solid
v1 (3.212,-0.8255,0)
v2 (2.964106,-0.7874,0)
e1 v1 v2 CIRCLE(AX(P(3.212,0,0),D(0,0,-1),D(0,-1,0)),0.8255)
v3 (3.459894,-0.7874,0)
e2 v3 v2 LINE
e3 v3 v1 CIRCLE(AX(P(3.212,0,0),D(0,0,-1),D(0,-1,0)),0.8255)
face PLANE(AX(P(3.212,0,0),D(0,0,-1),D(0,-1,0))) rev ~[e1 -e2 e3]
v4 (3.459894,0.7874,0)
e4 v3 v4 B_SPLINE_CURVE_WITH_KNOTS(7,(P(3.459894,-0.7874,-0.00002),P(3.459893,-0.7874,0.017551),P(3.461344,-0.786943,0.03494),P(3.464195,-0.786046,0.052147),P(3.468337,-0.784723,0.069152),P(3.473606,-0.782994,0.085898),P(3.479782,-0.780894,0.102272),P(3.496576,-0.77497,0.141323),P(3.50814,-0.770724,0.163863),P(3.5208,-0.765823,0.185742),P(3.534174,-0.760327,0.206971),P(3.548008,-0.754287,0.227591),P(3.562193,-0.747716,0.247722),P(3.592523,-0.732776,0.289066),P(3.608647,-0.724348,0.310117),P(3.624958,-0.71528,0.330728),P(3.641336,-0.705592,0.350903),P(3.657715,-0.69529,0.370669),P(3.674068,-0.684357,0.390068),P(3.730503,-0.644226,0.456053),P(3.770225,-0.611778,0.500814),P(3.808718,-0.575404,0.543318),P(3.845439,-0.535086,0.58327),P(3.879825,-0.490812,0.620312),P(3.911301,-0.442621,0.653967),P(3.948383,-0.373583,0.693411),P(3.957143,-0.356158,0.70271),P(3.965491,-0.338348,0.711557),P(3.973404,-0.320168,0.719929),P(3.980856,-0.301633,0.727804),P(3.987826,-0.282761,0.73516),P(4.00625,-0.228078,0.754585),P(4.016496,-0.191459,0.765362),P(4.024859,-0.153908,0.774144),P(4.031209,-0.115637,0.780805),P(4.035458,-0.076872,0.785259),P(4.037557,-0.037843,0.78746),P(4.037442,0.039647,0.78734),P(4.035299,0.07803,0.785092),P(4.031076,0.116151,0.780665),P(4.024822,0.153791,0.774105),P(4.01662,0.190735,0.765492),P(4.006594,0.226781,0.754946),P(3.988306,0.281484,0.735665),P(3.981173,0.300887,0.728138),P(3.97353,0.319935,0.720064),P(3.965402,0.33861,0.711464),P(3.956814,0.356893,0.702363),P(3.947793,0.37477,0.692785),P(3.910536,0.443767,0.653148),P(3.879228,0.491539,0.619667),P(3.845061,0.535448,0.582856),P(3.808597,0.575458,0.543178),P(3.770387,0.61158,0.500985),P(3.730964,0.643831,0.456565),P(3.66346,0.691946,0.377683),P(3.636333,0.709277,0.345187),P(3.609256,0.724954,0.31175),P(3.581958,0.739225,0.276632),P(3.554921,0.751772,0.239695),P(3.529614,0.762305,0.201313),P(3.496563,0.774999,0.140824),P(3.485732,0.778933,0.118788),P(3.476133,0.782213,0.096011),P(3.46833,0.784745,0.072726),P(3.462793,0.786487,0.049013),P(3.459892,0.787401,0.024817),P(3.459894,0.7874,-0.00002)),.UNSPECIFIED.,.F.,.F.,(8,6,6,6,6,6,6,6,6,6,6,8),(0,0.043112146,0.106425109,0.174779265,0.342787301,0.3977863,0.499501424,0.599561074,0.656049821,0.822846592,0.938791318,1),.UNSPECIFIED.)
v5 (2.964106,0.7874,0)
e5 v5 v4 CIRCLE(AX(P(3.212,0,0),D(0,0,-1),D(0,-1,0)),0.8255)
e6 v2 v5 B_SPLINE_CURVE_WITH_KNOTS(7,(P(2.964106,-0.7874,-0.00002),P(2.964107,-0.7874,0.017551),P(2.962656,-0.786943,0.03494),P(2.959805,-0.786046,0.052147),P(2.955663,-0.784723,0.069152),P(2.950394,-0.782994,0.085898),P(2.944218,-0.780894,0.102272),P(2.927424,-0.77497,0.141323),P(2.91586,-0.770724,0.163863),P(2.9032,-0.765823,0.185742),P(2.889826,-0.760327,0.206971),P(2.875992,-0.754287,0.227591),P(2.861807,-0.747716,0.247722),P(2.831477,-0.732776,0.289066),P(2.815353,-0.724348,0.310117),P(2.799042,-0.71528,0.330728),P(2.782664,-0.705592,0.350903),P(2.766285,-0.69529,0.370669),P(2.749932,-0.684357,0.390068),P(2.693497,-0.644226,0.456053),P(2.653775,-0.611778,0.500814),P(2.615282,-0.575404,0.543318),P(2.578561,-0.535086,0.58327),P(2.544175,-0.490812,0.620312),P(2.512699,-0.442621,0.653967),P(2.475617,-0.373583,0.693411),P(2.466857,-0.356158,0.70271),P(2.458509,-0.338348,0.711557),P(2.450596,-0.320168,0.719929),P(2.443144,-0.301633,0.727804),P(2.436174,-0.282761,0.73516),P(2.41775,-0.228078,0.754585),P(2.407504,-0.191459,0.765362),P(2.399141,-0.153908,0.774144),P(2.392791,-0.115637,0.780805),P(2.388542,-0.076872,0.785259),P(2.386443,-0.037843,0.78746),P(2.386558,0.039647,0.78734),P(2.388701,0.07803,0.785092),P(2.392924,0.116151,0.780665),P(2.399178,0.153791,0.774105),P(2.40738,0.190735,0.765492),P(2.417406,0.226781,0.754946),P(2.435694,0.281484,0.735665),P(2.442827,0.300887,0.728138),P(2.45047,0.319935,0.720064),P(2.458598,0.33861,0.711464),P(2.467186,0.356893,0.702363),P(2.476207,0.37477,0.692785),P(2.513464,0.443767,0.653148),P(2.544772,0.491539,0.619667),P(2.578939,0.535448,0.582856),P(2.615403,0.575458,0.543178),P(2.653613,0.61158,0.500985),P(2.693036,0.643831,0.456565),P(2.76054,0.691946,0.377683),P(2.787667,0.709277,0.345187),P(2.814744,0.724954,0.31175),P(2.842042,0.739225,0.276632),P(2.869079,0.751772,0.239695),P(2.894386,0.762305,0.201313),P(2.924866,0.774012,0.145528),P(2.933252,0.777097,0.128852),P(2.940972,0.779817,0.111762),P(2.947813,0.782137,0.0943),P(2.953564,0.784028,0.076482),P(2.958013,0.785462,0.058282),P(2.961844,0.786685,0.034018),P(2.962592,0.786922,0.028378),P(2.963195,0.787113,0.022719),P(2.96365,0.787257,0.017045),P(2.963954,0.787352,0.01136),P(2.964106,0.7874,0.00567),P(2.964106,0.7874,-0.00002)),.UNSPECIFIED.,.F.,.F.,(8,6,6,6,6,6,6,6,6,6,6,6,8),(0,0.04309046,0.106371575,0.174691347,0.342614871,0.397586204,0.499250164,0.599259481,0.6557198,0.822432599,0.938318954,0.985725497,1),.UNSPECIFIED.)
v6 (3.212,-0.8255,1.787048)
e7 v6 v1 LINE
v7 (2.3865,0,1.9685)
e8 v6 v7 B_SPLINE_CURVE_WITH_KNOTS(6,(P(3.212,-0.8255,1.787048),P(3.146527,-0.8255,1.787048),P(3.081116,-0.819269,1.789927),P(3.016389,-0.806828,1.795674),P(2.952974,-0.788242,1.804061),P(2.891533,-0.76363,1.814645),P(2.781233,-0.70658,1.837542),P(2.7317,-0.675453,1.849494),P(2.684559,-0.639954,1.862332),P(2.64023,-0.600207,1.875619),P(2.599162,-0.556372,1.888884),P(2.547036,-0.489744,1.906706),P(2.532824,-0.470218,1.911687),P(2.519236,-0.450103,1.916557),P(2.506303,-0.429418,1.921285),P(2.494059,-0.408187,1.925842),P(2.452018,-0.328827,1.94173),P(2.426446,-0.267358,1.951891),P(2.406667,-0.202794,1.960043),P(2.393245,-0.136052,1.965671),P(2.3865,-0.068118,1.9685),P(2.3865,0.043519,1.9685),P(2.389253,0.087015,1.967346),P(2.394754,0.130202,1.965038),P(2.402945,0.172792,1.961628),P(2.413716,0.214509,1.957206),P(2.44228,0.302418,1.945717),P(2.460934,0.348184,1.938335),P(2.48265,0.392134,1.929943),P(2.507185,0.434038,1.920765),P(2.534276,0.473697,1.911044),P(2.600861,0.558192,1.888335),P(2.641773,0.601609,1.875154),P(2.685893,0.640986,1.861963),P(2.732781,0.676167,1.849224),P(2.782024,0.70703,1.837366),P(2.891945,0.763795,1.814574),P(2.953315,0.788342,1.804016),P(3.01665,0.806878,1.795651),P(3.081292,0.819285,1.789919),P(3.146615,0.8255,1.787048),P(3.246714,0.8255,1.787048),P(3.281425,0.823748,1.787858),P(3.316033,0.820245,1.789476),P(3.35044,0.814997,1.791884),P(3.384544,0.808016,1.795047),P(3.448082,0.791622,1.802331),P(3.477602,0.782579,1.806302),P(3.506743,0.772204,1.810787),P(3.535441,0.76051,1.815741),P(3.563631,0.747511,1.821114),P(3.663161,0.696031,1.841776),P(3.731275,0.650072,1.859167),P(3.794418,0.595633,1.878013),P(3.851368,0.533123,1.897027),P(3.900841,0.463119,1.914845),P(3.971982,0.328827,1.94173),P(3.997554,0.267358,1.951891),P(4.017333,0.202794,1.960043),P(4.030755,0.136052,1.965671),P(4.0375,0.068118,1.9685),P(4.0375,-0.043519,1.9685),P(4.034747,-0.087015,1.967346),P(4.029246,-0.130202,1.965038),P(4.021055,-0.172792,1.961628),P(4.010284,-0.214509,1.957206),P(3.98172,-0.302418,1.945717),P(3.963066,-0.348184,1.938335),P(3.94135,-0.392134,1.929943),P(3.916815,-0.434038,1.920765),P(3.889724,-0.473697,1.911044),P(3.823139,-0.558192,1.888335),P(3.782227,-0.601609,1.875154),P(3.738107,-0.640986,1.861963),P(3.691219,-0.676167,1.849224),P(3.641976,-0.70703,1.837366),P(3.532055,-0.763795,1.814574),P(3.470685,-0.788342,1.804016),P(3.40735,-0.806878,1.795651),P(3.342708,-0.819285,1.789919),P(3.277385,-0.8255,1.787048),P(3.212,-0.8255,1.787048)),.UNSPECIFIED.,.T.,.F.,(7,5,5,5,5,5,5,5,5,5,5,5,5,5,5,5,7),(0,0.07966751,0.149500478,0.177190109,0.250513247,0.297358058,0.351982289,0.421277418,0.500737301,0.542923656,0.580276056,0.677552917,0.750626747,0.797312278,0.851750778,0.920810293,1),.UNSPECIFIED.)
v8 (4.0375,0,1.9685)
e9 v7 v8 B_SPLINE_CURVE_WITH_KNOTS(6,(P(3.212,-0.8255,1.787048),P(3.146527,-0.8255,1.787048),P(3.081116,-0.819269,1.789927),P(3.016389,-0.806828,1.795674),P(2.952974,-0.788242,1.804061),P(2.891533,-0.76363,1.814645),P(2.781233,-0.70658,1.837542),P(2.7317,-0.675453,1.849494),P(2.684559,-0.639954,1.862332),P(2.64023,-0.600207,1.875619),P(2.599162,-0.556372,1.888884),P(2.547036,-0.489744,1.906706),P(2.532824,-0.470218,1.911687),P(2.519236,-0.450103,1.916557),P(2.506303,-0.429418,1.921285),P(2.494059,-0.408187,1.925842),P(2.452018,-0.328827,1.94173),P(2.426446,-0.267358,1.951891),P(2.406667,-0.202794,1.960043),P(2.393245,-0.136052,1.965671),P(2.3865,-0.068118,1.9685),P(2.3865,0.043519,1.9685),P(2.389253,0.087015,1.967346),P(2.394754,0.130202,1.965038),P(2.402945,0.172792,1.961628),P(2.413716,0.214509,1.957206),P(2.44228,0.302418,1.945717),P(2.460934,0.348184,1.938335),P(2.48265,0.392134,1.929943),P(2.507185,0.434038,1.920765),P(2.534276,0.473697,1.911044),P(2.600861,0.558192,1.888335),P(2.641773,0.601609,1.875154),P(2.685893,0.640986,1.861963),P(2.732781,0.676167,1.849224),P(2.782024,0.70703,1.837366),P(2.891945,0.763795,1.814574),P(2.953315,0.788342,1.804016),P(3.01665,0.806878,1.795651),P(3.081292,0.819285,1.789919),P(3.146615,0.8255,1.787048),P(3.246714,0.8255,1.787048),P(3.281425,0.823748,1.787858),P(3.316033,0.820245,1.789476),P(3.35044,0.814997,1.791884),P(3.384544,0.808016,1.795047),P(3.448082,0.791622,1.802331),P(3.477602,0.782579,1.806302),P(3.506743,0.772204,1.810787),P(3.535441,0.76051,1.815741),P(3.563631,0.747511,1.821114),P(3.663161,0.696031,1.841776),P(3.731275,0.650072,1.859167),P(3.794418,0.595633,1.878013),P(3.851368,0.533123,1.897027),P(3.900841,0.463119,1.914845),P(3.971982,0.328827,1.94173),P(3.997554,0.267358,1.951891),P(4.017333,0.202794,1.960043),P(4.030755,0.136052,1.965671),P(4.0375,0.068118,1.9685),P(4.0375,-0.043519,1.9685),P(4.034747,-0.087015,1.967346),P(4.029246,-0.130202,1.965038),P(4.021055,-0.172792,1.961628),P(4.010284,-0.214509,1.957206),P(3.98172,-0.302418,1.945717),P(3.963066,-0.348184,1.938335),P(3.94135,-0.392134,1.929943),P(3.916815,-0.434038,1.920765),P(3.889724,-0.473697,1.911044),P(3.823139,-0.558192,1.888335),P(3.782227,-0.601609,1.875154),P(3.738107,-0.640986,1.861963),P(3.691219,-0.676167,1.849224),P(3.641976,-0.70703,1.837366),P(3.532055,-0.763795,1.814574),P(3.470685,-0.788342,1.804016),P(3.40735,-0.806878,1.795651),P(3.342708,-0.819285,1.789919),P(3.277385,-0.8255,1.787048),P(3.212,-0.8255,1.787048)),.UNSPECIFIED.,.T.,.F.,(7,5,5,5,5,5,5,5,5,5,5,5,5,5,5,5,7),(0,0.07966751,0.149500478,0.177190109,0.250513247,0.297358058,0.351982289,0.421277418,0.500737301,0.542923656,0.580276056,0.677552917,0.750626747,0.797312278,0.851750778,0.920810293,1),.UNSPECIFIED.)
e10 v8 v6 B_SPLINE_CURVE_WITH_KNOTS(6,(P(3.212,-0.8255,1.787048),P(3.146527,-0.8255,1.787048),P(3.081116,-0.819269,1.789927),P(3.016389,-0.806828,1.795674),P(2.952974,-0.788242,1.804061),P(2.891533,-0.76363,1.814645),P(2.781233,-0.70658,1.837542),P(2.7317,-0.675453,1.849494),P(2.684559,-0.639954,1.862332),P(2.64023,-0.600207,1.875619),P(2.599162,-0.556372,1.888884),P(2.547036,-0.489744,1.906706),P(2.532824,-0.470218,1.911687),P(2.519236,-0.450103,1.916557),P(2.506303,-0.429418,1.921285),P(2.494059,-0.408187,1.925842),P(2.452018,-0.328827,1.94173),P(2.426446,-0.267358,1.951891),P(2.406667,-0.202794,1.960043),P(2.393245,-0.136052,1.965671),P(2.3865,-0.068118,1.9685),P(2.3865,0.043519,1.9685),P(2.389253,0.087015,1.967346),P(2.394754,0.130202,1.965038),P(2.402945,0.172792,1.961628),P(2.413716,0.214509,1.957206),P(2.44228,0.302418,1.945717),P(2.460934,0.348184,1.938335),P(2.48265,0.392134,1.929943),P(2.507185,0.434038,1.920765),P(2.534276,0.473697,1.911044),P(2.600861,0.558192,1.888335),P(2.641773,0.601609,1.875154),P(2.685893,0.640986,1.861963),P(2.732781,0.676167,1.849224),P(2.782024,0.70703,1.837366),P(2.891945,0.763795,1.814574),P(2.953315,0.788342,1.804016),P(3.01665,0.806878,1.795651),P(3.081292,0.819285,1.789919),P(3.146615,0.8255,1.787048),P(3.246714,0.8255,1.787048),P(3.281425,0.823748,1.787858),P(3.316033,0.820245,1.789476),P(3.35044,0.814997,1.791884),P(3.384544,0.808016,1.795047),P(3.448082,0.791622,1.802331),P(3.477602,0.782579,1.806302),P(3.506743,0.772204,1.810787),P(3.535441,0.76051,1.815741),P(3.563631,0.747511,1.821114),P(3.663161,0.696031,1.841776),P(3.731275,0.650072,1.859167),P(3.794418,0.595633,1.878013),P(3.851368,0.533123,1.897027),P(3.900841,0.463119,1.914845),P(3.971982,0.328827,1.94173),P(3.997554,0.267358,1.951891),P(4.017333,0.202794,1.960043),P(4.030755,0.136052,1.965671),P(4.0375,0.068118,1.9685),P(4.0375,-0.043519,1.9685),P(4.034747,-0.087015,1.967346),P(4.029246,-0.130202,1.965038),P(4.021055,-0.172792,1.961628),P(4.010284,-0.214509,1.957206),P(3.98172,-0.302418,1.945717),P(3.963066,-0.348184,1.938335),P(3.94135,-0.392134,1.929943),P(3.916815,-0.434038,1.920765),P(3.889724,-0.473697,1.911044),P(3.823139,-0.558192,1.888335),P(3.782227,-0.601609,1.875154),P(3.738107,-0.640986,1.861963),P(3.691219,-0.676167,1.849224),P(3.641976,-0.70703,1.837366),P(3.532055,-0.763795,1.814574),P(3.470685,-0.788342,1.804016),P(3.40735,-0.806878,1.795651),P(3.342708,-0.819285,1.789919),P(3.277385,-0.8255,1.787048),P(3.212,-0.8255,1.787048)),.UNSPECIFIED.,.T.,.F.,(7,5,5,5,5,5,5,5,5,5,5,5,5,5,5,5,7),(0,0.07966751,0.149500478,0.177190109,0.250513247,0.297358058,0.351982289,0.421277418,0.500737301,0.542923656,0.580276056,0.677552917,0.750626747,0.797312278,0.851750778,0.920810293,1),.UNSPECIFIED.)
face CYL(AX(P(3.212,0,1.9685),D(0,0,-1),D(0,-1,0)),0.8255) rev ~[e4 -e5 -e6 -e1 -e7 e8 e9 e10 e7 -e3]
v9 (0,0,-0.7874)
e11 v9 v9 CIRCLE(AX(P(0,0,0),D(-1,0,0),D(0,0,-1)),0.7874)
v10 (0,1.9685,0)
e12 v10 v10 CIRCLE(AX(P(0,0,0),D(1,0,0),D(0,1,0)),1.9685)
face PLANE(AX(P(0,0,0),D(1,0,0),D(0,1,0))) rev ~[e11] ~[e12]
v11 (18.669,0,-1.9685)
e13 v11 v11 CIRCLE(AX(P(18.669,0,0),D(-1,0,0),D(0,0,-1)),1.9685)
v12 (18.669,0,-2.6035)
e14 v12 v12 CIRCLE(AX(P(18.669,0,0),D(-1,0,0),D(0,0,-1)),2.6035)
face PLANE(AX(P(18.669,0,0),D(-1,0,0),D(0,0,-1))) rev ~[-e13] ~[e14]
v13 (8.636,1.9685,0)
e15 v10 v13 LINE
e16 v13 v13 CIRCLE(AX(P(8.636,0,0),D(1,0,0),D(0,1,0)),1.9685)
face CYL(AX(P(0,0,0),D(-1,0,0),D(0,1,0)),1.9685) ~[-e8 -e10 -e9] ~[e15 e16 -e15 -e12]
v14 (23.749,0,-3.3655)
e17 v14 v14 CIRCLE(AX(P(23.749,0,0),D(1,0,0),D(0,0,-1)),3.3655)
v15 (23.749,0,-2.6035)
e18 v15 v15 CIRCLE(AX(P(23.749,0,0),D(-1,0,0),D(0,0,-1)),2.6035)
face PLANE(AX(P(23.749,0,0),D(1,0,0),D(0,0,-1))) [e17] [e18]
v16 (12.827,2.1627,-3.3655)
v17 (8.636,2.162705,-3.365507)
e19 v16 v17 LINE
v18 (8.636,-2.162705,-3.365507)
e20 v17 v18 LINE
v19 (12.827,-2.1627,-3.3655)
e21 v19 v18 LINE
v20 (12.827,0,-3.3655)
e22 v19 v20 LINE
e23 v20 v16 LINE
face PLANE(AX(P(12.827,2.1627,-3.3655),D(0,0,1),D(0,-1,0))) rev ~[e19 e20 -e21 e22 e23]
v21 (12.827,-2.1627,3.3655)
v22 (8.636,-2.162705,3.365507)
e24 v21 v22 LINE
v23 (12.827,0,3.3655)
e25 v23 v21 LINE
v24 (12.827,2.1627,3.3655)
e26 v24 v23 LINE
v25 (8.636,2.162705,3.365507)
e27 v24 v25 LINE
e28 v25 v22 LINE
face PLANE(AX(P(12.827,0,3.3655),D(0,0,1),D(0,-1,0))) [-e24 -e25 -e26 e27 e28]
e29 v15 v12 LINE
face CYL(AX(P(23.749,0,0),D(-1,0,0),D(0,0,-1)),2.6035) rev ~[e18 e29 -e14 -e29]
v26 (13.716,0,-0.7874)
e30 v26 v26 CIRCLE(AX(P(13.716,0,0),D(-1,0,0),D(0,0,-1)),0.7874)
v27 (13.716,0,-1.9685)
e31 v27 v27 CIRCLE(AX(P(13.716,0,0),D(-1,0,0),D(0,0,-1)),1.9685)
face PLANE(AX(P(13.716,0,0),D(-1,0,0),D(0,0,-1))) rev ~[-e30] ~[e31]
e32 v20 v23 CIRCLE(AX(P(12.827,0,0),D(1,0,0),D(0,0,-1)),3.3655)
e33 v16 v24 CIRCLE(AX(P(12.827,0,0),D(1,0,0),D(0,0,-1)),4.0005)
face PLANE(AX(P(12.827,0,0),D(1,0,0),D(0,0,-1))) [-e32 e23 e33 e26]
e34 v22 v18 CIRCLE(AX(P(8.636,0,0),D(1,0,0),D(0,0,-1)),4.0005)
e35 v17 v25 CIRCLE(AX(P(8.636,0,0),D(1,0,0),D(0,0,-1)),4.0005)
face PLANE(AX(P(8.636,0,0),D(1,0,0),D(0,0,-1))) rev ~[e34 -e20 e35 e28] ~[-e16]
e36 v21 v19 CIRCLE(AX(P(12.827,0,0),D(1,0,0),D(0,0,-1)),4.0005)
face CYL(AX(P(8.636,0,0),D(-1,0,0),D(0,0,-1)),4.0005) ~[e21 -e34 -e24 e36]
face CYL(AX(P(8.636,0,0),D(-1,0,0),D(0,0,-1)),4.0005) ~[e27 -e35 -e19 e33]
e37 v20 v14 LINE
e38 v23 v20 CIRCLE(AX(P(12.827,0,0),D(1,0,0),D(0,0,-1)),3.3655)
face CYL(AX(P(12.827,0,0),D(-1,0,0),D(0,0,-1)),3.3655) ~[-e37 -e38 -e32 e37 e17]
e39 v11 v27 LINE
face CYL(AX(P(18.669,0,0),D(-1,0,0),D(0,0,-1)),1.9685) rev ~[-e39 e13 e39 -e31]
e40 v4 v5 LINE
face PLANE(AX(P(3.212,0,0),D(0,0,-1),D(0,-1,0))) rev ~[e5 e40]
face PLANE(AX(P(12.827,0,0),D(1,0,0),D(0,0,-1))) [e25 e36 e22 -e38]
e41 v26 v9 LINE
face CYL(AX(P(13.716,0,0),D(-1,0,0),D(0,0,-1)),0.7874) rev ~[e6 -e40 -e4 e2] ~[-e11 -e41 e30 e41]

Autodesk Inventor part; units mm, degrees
ref_plane "YZ Plane" through (0, 0, 0) normal (1, 0, 0) x (0, 1, 0)
ref_plane "XZ Plane" through (0, 0, 0) normal (0, 1, 0) x (-1, 0, 0)
ref_plane "XY Plane" through (0, 0, 0) normal (0, 0, 1) x (1, 0, 0)
sketch "Sketch1" plane through (0, 0, 0) normal (1, 0, 0) x (0, 1, 0)
  circle A0 centre (0, 0) radius 1.9685
  dimension "d0" = 3.937
extrude "Extrusion1" add sketch "Sketch1" along normal blind 8.636
sketch "Sketch2" plane through (8.636, 0, 0) normal (1, 0, 0) x (0, 0, -1)
  circle A0 centre (0, 0) radius 1.9685 projected
  circle A1 centre (0, 0) radius 4.0005
  dimension "d3" = 8.001
extrude "Extrusion2" add sketch "Sketch2" along normal blind 4.191 contours A0 | A1
sketch "Sketch3" plane through (12.827, 0, 0) normal (1, 0, 0) x (0, 0, -1)
  circle A0 centre (0, 0) radius 4.0005 projected
  circle A1 centre (0, 0) radius 3.3655
  dimension "d6" = 6.731
extrude "Extrusion3" add sketch "Sketch3" along normal blind 10.922 contours A1
sketch "Sketch4" plane through (12.827, 0, 0) normal (1, 0, 0) x (0, 0, -1)
  circle A0 centre (0, 0) radius 3.3655 projected
  circle A1 centre (0, 0) radius 4.0005 projected
  line L0 (-3.3655, 2.1627) -> (-3.3655, -2.1627)
  line L1 (3.3655, 2.1627) -> (3.3655, -2.1627)
extrude "Extrusion4" cut sketch "Sketch4" against normal through all contours L1 A1 | L0 A1
sketch "Sketch5" plane through (23.749, 0, 0) normal (1, 0, 0) x (0, 0, -1)
  circle A0 centre (0, 0) radius 3.3655 projected
hole "Hole1" at (23.749, 0, 0) direction (-1, 0, 0) diameter 5.207 depth 5.08
sketch "Sketch6" plane through (18.669, 0, 0) normal (1, 0, 0) x (0, 0, -1)
  circle A0 centre (0, 0) radius 2.6035 projected
hole "Hole2" at (18.669, 0, 0) direction (-1, 0, 0) diameter 3.937 depth 4.953
sketch "Sketch7" plane through (13.716, 0, 0) normal (1, 0, 0) x (0, 0, -1)
  circle A0 centre (0, 0) radius 1.9685 projected
hole "Hole3" at (13.716, 0, 0) direction (-1, 0, 0) diameter 1.5748 end through all
ref_plane "Work Plane1" through (0, 0, 1.9685) normal (0, 0, 1) x (1, 0, 0)
sketch "Sketch8" plane through (0, 0, 1.9685) normal (0, 0, 1) x (1, 0, 0)
  line L0 (0, 0) -> (3.212, 0)
hole "Hole4" at (3.212, 0, 1.9685) direction (0, 0, -1) diameter 1.651 depth 1.9685
thread "Thread1" size "8-32 UNC" class "2B" standard "ANSI Unified Screw Threads" full length
thread "Thread2" size "8-32 UNC" class "2A" standard "ANSI Unified Screw Threads" length 7.62 offset 2.54
properties part number "Fuel Adjuster"
